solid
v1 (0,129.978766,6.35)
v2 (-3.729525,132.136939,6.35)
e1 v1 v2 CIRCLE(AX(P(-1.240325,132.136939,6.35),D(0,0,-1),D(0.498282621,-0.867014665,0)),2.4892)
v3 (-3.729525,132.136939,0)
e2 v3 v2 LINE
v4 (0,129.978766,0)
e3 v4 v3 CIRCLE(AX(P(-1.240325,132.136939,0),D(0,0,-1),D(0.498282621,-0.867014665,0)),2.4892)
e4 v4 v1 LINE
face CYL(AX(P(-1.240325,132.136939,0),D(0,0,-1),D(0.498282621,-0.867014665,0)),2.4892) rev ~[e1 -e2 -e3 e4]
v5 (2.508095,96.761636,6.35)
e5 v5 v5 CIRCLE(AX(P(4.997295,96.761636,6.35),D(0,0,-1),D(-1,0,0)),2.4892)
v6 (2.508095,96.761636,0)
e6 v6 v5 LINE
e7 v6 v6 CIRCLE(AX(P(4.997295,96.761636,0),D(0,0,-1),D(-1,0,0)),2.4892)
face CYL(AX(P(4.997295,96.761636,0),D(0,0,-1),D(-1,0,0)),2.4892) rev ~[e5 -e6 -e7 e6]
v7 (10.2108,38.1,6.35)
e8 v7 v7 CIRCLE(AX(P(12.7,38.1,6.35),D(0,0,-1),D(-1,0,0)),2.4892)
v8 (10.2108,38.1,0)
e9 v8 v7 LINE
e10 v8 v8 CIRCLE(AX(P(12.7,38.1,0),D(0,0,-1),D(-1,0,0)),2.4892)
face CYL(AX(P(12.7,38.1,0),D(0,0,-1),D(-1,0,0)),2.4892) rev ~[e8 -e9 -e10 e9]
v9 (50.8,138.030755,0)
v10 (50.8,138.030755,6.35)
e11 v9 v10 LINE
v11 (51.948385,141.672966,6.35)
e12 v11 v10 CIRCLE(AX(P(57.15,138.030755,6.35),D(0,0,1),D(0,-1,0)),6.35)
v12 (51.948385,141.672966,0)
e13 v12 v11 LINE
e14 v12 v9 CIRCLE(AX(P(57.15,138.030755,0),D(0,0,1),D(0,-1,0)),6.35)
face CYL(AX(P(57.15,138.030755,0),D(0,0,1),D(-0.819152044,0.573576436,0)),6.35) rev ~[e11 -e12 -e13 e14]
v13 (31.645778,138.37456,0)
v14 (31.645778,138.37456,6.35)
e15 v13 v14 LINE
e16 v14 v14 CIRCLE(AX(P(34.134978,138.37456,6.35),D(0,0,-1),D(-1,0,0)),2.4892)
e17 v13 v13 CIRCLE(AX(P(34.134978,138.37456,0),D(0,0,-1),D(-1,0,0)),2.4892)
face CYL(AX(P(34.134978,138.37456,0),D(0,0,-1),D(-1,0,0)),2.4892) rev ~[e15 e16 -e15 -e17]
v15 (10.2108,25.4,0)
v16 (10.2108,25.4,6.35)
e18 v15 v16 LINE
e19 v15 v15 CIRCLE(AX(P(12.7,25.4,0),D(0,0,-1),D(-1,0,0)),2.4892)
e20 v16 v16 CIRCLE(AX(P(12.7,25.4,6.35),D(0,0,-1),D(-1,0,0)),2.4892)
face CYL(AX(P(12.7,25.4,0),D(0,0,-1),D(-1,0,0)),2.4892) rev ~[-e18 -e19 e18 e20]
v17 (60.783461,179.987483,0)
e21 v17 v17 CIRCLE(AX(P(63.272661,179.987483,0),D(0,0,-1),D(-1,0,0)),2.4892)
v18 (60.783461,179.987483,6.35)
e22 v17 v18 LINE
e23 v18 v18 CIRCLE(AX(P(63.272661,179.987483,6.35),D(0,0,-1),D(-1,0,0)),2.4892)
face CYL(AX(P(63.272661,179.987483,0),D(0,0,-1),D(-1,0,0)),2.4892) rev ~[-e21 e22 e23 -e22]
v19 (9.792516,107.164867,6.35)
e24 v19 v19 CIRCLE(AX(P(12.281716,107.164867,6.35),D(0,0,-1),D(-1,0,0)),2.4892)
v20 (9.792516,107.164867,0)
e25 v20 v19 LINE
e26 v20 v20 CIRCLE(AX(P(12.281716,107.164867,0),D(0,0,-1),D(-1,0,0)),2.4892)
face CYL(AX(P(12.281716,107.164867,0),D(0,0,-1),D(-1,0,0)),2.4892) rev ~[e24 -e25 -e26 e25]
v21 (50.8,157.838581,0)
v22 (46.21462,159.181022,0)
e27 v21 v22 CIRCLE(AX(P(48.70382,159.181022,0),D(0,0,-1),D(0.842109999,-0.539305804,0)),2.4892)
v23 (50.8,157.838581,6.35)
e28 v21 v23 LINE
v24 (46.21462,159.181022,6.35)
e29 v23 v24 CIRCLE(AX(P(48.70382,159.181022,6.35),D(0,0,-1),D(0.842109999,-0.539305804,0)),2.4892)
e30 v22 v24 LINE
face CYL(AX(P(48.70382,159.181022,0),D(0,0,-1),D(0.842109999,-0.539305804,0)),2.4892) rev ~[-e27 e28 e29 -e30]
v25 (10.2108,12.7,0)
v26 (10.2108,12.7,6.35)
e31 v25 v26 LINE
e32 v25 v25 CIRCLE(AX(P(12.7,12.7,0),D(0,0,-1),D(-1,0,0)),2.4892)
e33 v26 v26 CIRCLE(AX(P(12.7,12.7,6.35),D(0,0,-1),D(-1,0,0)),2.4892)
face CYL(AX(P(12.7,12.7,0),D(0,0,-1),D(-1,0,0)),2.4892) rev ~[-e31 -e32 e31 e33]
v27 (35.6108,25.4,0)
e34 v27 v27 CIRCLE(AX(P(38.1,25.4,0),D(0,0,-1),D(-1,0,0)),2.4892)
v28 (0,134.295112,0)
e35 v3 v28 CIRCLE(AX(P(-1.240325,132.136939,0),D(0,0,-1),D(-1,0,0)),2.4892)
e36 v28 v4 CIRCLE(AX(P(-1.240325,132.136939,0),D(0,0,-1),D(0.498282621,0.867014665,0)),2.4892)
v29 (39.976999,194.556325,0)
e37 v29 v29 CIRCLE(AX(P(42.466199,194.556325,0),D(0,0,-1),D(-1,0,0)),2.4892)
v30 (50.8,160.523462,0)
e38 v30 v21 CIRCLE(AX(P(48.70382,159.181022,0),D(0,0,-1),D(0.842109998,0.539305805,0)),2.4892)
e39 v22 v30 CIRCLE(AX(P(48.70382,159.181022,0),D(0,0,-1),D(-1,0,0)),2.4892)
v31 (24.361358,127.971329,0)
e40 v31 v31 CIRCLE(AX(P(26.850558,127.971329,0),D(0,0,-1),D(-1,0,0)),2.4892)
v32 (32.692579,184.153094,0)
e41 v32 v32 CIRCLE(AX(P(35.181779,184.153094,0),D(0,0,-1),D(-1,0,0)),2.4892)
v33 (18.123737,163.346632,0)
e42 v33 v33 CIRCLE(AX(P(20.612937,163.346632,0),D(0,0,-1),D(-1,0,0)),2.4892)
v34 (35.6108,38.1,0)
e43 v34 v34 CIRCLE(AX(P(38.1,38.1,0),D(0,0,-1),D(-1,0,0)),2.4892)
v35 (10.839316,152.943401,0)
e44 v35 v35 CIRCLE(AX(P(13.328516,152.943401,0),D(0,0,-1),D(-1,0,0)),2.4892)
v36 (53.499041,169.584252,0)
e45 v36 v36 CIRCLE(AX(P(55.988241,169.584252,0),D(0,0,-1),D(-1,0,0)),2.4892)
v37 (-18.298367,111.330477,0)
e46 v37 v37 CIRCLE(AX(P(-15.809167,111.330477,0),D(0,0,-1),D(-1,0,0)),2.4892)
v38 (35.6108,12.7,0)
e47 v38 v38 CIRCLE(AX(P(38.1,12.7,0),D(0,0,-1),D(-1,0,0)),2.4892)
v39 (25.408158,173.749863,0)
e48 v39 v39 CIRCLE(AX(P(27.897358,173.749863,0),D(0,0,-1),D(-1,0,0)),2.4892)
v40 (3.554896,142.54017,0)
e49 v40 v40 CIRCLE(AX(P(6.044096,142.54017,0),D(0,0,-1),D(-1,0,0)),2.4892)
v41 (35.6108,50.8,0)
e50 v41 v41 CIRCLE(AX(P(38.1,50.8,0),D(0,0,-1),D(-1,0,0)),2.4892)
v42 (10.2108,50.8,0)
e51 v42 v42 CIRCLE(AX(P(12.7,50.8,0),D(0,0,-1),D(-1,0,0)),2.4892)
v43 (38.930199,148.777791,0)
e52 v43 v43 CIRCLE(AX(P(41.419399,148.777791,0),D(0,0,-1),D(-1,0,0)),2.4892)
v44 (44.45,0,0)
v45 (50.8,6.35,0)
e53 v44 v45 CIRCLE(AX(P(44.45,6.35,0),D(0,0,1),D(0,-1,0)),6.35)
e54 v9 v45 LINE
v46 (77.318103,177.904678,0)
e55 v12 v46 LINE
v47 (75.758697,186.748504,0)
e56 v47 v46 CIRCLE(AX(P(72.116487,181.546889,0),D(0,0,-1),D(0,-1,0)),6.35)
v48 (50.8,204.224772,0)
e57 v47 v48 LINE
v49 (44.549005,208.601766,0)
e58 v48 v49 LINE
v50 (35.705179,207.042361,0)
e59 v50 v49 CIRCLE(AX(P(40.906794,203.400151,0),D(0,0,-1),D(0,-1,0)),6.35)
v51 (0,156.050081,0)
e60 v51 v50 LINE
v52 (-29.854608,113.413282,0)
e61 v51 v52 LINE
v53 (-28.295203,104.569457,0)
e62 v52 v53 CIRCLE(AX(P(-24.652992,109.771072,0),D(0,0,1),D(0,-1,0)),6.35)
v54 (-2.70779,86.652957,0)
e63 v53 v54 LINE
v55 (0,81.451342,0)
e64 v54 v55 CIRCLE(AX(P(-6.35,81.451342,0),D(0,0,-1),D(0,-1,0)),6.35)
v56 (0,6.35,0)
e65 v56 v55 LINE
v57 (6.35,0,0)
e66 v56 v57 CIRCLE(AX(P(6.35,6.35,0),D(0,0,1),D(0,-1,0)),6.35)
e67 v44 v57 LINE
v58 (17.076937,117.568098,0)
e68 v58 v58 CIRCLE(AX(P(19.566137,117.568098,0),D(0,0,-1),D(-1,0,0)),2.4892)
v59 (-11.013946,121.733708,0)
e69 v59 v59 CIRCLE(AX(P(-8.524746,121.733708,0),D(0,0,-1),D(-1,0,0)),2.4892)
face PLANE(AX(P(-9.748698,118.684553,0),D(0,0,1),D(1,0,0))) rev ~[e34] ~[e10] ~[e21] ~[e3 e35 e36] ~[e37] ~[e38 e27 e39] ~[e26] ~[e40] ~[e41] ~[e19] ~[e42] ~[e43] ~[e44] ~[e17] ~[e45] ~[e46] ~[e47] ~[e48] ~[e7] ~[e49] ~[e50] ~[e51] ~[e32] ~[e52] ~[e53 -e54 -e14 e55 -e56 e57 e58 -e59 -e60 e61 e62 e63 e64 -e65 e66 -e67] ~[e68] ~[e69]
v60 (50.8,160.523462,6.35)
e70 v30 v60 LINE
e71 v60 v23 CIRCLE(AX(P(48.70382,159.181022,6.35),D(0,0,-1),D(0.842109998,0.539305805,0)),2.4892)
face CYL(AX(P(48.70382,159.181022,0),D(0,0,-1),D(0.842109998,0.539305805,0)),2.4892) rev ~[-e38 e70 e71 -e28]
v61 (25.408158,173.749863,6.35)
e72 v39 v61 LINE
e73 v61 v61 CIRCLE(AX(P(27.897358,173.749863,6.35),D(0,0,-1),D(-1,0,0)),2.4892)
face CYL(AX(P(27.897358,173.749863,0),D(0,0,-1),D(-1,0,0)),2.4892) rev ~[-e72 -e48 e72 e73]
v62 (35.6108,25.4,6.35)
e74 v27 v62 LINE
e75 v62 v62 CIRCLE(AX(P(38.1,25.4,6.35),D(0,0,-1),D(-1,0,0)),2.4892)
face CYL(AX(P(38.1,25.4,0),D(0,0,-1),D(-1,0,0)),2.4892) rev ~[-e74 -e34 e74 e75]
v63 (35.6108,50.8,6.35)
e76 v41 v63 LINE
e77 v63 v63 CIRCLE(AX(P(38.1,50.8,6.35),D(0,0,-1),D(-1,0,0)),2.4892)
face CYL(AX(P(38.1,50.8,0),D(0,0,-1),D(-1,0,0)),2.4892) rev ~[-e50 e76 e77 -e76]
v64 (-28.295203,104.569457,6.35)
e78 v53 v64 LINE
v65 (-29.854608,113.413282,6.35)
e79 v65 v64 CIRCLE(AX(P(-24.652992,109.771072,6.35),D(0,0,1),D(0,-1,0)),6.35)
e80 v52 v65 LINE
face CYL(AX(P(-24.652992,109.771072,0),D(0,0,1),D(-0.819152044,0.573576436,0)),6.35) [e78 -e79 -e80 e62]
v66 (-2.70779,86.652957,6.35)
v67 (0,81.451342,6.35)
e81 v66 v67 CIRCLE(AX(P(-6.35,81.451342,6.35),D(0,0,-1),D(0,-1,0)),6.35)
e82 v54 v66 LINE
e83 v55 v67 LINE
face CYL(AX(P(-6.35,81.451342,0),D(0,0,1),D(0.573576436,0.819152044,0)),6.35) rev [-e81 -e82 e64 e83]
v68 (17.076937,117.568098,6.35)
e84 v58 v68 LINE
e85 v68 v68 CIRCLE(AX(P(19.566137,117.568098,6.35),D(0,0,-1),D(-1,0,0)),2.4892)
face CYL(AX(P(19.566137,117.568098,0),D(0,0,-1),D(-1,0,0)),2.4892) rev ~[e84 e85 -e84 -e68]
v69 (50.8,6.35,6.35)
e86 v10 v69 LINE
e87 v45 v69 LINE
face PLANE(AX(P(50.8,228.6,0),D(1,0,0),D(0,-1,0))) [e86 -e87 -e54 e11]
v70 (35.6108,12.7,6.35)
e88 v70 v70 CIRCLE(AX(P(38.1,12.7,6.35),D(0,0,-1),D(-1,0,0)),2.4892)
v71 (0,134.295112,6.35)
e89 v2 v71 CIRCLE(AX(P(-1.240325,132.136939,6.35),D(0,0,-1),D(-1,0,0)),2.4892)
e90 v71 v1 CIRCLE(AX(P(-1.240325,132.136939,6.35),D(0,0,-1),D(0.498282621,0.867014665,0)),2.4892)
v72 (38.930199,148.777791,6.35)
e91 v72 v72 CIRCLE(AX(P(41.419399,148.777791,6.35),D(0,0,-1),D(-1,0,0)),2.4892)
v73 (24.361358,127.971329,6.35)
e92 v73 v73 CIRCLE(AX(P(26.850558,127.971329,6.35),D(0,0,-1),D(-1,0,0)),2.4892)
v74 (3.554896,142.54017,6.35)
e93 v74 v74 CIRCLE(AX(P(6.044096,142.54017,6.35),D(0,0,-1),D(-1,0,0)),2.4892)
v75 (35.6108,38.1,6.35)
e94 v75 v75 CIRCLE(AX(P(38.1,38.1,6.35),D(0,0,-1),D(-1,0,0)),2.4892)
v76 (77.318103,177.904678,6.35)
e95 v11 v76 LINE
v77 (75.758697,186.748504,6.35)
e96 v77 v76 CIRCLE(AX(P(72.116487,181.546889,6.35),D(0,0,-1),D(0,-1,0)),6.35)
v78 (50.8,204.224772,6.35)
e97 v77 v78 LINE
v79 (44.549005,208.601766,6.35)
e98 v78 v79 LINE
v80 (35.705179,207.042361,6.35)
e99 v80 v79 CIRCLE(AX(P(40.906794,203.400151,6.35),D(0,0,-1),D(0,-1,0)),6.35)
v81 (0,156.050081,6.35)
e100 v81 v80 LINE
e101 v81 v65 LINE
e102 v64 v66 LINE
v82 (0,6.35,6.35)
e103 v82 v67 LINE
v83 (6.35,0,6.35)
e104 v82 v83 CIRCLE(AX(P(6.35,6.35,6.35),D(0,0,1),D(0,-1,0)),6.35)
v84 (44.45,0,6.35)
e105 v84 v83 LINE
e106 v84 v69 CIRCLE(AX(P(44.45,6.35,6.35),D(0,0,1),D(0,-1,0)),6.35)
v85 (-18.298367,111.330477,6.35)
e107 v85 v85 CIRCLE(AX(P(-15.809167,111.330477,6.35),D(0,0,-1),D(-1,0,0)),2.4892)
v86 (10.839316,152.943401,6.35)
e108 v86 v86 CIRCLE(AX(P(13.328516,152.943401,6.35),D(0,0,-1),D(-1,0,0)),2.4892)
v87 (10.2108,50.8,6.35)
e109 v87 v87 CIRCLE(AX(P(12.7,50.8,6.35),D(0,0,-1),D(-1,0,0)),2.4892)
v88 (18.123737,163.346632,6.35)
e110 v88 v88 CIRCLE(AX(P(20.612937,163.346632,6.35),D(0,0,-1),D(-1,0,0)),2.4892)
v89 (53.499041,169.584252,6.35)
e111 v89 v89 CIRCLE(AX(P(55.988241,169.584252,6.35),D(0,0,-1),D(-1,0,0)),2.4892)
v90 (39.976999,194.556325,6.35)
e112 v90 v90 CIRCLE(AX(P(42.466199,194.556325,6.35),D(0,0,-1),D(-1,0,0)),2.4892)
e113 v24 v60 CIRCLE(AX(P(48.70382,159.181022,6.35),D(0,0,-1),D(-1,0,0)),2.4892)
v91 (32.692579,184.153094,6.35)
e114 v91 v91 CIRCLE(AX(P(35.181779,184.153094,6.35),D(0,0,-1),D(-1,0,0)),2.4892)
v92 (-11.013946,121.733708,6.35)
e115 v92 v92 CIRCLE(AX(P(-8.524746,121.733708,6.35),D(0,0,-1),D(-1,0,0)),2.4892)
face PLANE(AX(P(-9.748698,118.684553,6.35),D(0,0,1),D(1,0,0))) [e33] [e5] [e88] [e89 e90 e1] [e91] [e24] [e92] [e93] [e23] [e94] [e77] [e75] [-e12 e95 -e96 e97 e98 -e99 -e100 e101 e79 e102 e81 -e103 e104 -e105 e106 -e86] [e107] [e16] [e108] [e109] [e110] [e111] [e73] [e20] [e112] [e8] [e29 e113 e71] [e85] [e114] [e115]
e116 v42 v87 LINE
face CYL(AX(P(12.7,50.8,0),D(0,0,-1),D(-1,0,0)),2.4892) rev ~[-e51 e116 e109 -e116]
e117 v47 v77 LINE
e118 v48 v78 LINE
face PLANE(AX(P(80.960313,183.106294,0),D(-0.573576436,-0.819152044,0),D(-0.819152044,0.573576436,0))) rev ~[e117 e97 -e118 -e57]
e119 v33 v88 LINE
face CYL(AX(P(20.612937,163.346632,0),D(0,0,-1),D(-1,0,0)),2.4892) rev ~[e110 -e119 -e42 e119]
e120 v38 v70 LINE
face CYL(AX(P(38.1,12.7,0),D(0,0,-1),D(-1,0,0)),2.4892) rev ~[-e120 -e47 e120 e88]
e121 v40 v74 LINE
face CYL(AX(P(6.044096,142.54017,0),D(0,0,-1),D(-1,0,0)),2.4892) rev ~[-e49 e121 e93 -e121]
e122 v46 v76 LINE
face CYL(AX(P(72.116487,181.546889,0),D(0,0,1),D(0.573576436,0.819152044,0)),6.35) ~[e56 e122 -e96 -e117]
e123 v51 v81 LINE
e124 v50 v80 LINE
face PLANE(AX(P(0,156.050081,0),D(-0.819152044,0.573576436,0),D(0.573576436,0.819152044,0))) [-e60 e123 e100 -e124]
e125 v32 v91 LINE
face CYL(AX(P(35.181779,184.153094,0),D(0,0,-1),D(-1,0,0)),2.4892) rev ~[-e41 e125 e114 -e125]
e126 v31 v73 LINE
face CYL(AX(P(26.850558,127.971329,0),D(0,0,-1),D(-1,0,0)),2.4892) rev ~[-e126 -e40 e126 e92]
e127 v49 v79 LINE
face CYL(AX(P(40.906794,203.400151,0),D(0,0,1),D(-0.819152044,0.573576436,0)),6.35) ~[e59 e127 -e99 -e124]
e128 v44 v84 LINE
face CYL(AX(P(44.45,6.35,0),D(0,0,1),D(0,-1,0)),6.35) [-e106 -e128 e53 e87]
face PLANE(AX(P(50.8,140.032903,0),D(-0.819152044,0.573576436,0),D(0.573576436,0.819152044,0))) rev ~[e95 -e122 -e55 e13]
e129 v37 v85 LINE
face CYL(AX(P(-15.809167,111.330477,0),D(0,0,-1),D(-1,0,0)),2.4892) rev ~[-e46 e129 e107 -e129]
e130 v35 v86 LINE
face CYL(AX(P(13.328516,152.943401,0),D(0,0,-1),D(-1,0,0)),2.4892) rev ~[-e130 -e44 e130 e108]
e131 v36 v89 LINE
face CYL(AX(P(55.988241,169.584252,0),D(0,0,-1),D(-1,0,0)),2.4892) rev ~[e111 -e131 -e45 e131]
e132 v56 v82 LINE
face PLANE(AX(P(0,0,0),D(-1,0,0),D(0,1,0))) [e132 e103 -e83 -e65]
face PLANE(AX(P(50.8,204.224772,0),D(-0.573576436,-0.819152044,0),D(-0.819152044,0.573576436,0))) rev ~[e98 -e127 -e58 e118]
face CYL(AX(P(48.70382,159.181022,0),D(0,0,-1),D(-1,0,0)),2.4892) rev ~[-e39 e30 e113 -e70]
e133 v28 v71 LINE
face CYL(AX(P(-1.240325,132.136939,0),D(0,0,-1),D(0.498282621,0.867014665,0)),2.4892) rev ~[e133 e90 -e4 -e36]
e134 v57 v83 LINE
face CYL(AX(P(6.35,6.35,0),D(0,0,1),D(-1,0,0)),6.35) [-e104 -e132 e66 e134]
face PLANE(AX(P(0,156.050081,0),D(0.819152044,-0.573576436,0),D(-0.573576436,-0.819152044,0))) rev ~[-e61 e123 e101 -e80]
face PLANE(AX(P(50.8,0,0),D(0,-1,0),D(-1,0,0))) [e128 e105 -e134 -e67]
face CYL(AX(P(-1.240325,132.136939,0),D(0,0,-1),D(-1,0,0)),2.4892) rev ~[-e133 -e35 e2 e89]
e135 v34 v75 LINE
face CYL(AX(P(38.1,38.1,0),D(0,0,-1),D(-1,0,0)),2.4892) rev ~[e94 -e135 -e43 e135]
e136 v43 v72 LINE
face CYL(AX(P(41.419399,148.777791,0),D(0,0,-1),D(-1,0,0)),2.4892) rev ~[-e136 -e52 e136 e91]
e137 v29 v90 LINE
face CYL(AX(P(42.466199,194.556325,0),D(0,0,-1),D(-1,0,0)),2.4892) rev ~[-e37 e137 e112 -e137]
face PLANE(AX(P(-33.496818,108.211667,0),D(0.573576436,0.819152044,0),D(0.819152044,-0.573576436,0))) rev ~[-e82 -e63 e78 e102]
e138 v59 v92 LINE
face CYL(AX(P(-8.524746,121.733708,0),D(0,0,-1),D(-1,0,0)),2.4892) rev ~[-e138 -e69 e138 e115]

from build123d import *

# Parameters (mm, degrees)
BOSS_EXTRUDE1_DEPTH = 6.35
SKETCH2_R           = 2.4892
CUT_EXTRUDE1_DEPTH  = 7.35
BOSS_EXTRUDE2_DEPTH = 6.35
SKETCH2_4_R         = 2.4892
CUT_EXTRUDE2_DEPTH  = 7.35
FILLET1_R           = 6.35


with BuildPart() as part:
    # Sketch1 → Boss-Extrude1 (new body)
    with BuildSketch(Plane.XY):
        Polygon((0, 156.050081258), (50.8, 228.6), (50.8, 0), (0, 0), align=None)
    extrude(amount=BOSS_EXTRUDE1_DEPTH)

    # Sketch2 → Cut-Extrude1 (cut, through all)
    with BuildSketch(Plane(origin=(0, 0, 0), x_dir=(-1, 0, 0), z_dir=(0, 0, -1))):
        Polygon((-39.347389129, 212.243976613), (-50.8, 228.6), (-50.8, 204.224772149), align=None)
        with Locations((-42.46619935, 194.556324909)):
            Circle(SKETCH2_R)
        with Locations((-35.181778608, 184.153093946)):
            Circle(SKETCH2_R)
        with Locations((-27.897357867, 173.749862984)):
            Circle(SKETCH2_R)
        with Locations((-20.612937125, 163.346632021)):
            Circle(SKETCH2_R)
        with Locations((-13.328516383, 152.943401059)):
            Circle(SKETCH2_R)
        with Locations((-6.044095642, 142.540170097)):
            Circle(SKETCH2_R)
        with Locations((-26.850557567, 127.971328613)):
            Circle(SKETCH2_R)
        with Locations((-19.566136825, 117.568097651)):
            Circle(SKETCH2_R)
        with Locations((-12.281716083, 107.164866688)):
            Circle(SKETCH2_R)
        with Locations((-34.134978308, 138.374559576)):
            Circle(SKETCH2_R)
        with Locations((-41.41939905, 148.777790538)):
            Circle(SKETCH2_R)
        with Locations((-4.997295342, 96.761635726)):
            Circle(SKETCH2_R)
        with Locations((-38.1, 12.7)):
            Circle(SKETCH2_R)
        with Locations((-12.7, 12.7)):
            Circle(SKETCH2_R)
        with Locations((-12.7, 25.4)):
            Circle(SKETCH2_R)
        with Locations((-38.1, 25.4)):
            Circle(SKETCH2_R)
        with Locations((-38.1, 38.1)):
            Circle(SKETCH2_R)
        with Locations((-12.7, 38.1)):
            Circle(SKETCH2_R)
        with Locations((-12.7, 50.8)):
            Circle(SKETCH2_R)
        with Locations((-38.1, 50.8)):
            Circle(SKETCH2_R)
    extrude(amount=-CUT_EXTRUDE1_DEPTH, mode=Mode.SUBTRACT)

    # Sketch3 → Boss-Extrude2 (add)
    with BuildSketch(Plane.XY):
        Polygon((0, 156.050081258), (-33.496818287, 108.211666988), (0, 84.756942318), align=None)
        Polygon((50.8, 204.224772149), (50.8, 140.032902782), (80.960312979, 183.106293646), align=None)
    extrude(amount=BOSS_EXTRUDE2_DEPTH)

    # Sketch2<4> → Cut-Extrude2 (cut, through all)
    with BuildSketch(Plane(origin=(0, 0, 0), x_dir=(-1, 0, 0), z_dir=(0, 0, -1))):
        with Locations((15.809166583, 111.330477209)):
            Circle(SKETCH2_4_R)
        with Locations((8.524745841, 121.733708172)):
            Circle(SKETCH2_4_R)
        with BuildLine():
            ThreePointArc((3.7295251, 132.136939134), (2.487060718, 134.291415158), (0, 134.295112039))
            Line((0, 134.295112039), (0, 129.978766229))
            ThreePointArc((0, 129.978766229), (2.487060718, 129.98246311), (3.7295251, 132.136939134))
        make_face()
        with BuildLine():
            Line((0, 129.978766229), (0, 134.295112039))
            ThreePointArc((0, 134.295112039), (-1.2488749, 132.136939134), (0, 129.978766229))
        make_face()
        with BuildLine():
            ThreePointArc((-46.214619792, 159.181021501), (-48.004425459, 161.569946825), (-50.8, 160.523461508))
            Line((-50.8, 160.523461508), (-50.8, 157.838581493))
            ThreePointArc((-50.8, 157.838581493), (-48.004425459, 156.792096176), (-46.214619792, 159.181021501))
        make_face()
        with BuildLine():
            Line((-50.8, 157.838581493), (-50.8, 160.523461508))
            ThreePointArc((-50.8, 160.523461508), (-51.193019792, 159.181021501), (-50.8, 157.838581493))
        make_face()
        with Locations((-55.988240533, 169.584252463)):
            Circle(SKETCH2_4_R)
        with Locations((-63.272661275, 179.987483426)):
            Circle(SKETCH2_4_R)
    extrude(amount=-CUT_EXTRUDE2_DEPTH, mode=Mode.SUBTRACT)

    # Fillet1
    fillet1_edges = [part.edges().sort_by_distance(p)[0] for p in [
        (-33.496818287, 108.211666988, 3.175),
        (0, 84.756942318, 3.175),
        (50.8, 140.032902782, 3.175),
        (80.960312979, 183.106293646, 3.175),
        (39.347389129, 212.243976613, 3.175),
        (50.8, 0, 3.175),
        (0, 0, 3.175),
    ]]
    fillet(fillet1_edges, radius=FILLET1_R)


solid = part.part
